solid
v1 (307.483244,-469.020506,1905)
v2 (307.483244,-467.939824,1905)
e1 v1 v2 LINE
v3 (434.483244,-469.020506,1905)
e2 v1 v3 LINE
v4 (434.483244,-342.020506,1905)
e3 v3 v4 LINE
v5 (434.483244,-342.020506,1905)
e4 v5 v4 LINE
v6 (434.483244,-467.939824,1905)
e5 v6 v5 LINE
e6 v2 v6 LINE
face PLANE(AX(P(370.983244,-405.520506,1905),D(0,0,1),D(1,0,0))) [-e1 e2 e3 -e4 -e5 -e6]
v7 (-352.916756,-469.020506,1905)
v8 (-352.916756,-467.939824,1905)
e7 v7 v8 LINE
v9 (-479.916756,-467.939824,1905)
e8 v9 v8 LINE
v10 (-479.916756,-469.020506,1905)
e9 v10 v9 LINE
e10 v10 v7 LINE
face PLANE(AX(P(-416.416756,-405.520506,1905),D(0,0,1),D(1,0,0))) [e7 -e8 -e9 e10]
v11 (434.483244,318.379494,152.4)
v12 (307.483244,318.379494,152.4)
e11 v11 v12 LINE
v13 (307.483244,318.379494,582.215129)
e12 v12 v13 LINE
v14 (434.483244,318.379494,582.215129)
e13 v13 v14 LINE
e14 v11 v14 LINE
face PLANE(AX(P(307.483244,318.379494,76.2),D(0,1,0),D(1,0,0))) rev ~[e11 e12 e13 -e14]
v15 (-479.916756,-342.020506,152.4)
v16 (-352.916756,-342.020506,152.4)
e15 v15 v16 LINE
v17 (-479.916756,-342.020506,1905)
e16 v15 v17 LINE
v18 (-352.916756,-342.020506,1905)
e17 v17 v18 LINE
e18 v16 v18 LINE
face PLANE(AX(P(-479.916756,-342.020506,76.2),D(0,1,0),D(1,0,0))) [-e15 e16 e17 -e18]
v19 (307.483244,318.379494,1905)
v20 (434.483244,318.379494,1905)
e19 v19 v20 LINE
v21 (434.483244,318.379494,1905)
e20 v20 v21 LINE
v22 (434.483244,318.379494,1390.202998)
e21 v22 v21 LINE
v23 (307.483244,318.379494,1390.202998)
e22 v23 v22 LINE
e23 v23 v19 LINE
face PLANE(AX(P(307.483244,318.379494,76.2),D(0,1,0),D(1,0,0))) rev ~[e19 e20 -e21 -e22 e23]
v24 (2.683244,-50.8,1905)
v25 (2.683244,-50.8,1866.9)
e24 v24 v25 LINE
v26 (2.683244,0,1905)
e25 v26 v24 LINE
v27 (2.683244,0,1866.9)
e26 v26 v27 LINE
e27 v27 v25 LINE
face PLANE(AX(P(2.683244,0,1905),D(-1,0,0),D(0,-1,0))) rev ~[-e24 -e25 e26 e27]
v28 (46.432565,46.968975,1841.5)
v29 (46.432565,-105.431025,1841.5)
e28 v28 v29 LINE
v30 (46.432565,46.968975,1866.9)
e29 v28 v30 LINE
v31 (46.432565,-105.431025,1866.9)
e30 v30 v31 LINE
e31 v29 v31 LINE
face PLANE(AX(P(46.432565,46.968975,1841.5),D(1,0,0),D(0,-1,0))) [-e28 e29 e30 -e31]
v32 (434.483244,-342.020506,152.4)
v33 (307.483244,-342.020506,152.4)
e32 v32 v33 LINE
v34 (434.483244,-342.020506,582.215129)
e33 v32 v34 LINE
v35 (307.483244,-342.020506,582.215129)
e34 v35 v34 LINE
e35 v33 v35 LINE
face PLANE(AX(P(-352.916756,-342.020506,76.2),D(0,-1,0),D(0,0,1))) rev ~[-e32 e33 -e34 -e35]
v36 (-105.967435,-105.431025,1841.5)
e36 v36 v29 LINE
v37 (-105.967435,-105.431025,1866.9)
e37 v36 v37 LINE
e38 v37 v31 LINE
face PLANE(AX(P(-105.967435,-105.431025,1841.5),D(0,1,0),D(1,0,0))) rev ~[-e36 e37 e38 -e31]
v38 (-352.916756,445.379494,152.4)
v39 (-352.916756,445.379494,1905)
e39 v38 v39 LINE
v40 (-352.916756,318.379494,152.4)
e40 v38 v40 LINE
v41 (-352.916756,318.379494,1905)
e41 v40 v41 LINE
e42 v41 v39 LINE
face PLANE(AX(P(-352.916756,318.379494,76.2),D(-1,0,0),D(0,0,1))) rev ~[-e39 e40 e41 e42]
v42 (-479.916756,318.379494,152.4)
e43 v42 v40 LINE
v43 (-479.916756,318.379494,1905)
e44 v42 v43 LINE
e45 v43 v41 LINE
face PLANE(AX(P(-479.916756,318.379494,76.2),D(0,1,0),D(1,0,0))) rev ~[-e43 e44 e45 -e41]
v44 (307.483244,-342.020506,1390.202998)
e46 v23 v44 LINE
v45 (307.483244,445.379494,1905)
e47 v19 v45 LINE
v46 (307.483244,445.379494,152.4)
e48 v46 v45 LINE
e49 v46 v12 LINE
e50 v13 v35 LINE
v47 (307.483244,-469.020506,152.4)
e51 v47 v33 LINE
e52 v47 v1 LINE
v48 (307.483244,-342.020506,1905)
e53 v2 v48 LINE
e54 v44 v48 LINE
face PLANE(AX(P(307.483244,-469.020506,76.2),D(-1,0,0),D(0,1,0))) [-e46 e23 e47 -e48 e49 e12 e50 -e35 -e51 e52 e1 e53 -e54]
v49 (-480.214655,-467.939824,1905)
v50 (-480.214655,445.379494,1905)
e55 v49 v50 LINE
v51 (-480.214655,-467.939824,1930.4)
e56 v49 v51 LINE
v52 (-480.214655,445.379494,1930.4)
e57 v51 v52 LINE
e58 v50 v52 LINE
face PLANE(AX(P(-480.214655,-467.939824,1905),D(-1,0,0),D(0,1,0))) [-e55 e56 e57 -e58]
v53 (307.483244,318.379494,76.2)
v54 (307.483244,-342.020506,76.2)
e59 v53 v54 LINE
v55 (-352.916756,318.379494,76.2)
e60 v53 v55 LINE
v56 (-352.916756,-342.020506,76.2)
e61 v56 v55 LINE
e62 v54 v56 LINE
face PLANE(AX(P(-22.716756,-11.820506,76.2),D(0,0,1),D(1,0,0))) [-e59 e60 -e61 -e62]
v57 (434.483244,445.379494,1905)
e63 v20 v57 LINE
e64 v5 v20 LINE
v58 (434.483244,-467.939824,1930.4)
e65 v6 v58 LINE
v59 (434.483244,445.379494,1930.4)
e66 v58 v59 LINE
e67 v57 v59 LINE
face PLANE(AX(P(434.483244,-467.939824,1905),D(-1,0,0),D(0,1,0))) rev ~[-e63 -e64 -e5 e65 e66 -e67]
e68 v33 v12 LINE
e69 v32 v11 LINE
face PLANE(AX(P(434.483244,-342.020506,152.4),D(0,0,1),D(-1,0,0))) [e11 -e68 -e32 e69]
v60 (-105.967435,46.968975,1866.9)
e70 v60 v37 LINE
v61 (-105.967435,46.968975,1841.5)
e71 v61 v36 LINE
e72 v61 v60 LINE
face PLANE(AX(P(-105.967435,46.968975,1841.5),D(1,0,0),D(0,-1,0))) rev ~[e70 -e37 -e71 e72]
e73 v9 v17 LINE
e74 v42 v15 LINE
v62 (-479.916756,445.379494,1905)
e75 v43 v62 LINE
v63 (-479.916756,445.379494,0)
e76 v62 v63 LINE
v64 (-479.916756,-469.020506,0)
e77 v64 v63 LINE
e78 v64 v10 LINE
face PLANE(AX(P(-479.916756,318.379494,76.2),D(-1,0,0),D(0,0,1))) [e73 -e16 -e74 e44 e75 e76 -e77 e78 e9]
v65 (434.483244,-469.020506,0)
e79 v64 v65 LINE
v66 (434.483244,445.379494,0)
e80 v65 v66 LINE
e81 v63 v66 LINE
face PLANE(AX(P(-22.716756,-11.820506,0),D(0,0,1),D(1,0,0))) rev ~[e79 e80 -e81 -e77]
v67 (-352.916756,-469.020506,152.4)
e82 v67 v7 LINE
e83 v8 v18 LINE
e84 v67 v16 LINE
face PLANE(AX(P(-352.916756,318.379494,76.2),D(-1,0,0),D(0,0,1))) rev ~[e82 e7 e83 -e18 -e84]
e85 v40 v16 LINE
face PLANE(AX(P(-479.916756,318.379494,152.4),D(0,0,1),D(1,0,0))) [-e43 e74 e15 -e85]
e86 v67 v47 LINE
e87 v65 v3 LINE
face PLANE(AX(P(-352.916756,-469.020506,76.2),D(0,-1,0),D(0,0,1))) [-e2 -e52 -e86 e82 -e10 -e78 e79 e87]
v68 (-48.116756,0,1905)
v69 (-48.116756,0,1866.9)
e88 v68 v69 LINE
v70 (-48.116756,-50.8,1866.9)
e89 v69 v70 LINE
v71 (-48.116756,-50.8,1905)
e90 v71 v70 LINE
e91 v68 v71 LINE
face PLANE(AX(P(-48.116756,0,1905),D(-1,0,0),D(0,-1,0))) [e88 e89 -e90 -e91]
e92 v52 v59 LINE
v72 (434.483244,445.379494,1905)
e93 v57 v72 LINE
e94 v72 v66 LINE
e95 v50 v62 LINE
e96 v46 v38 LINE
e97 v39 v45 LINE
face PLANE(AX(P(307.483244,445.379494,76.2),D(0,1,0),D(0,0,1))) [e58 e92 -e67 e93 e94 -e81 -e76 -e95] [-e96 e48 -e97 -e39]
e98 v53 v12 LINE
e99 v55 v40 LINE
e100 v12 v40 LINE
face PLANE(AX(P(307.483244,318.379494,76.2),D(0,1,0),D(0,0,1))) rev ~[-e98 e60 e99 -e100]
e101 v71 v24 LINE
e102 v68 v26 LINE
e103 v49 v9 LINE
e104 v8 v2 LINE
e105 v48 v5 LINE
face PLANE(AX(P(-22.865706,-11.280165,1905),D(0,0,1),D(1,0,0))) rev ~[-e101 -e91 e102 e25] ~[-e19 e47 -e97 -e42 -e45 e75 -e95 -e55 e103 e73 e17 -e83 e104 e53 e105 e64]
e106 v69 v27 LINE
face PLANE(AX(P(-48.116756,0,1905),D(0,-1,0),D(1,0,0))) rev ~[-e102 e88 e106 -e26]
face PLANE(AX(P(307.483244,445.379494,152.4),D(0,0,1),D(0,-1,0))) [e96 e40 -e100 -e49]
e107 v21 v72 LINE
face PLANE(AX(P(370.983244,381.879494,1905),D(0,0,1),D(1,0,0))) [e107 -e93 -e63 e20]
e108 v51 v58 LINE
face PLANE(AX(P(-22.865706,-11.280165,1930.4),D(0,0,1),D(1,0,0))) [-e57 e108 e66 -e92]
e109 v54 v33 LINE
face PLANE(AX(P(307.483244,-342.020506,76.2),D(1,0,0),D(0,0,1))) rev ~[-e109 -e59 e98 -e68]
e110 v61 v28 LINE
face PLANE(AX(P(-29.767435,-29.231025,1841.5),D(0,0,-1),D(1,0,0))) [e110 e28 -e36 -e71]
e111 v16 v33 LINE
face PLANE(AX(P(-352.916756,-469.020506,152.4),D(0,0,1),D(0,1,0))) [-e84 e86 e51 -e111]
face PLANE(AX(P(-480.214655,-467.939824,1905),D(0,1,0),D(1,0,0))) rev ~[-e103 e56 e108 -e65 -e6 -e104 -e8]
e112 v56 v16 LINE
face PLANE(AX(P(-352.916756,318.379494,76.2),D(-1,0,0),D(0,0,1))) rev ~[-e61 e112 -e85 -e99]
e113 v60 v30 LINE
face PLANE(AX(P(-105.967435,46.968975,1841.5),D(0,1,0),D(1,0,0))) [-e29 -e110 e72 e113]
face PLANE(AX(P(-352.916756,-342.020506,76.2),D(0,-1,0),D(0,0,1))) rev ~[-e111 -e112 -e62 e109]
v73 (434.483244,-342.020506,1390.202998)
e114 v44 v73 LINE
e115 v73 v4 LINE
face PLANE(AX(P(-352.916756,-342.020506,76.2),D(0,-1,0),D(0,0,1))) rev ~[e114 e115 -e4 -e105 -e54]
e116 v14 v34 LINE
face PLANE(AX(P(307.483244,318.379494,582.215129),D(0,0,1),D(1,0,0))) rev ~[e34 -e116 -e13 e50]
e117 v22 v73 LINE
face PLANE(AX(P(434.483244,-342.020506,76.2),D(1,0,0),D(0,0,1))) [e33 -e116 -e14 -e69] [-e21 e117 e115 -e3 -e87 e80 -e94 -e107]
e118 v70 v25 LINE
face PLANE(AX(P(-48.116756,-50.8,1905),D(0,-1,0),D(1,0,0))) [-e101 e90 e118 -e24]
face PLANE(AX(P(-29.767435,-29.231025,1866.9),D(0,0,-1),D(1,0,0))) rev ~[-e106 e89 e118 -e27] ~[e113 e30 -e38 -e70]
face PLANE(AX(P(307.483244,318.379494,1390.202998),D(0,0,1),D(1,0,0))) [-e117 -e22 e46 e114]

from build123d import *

# Parameters (mm, degrees)
F0_W      = 914.4
F0_H      = 914.4
F1_DEPTH  = 76.2
F2_W      = 127
F2_H      = 127
F3_DEPTH  = 1828.8
F4_W      = 914.697899
F4_H      = 913.319318
F5_DEPTH  = 25.4
F6_W      = 127
F6_H      = 76.2
F7_DEPTH  = 660.4
F8_W      = 127
F8_H      = 76.2
F9_DEPTH  = 660.4
F10_W     = 127
F10_H     = 76.2
F11_DEPTH = 660.4
F12_W     = 127
F12_H     = 76.2
F13_DEPTH = 660.4
F14_W     = 50.8
F14_H     = 50.8
F15_DEPTH = 63.5
F16_W     = 152.4
F16_H     = 152.4
F16_W_2   = 50.8
F16_H_2   = 50.8
F17_DEPTH = 25.4
F18_W     = 127
F18_H     = 807.987869
F19_DEPTH = 660.4


with BuildPart() as f1:
    # F0 (on Top) → F1 (new body)
    with BuildSketch(Plane.XY):
        with Locations((-22.716756, -11.820506)):
            Rectangle(F0_W, F0_H)
    extrude(amount=F1_DEPTH)

    # F2 (on face) → F3 (join)
    with BuildSketch(Plane.XY.offset(76.2)):
        with Locations((-416.416756, 381.879494)):
            Rectangle(F2_W, F2_H)
        with Locations((370.983244, 381.879494)):
            Rectangle(F2_W, F2_H)
        with Locations((370.983244, -405.520506)):
            Rectangle(F2_W, F2_H)
        with Locations((-416.416756, -405.520506)):
            Rectangle(F2_W, F2_H)
    extrude(amount=F3_DEPTH)

    # F4 (on face) → F5 (join)
    with BuildSketch(Plane.XY.offset(1905)):
        with Locations((-22.865706, -11.280165)):
            Rectangle(F4_W, F4_H)
    extrude(amount=F5_DEPTH)

    # F6 (on face) → F7 (join)
    with BuildSketch(Plane.XZ.offset(-318.379494)):
        with Locations((-416.416756, 114.3)):
            Rectangle(F6_W, F6_H)
    extrude(amount=F7_DEPTH)

    # F8 (on face) → F9 (join)
    with BuildSketch(Plane.YZ.offset(-352.916756)):
        with Locations((-405.520506, 114.3)):
            Rectangle(F8_W, F8_H)
    extrude(amount=F9_DEPTH)

    # F10 (on face) → F11 (join)
    with BuildSketch(Plane(origin=(0, -342.020506, 0), x_dir=(-1, 0, 0), z_dir=(0, 1, 0))):
        with Locations((-370.983244, 114.3)):
            Rectangle(F10_W, F10_H)
    extrude(amount=F11_DEPTH)

    # F12 (on face) → F13 (join)
    with BuildSketch(Plane(origin=(307.483244, 0, 0), x_dir=(0, -1, 0), z_dir=(-1, 0, 0))):
        with Locations((-381.879494, 114.3)):
            Rectangle(F12_W, F12_H)
    extrude(amount=F13_DEPTH)

    # F14 (on face) → F15 (join)
    with BuildSketch(Plane(origin=(0, 0, 1905), x_dir=(1, 0, 0), z_dir=(0, 0, -1))):
        with Locations((-22.716756, 25.4)):
            Rectangle(F14_W, F14_H)
    extrude(amount=F15_DEPTH)

    # F16 (on face) → F17 (join)
    with BuildSketch(Plane(origin=(0, 0, 1841.5), x_dir=(1, 0, 0), z_dir=(0, 0, -1))):
        with Locations((-29.767435, 29.231025)):
            Rectangle(F16_W, F16_H)
        with Locations((-22.716756, 25.4)):
            Rectangle(F16_W_2, F16_H_2, mode=Mode.SUBTRACT)
    extrude(amount=-F17_DEPTH)

    # F18 (on face) → F19 (join)
    with BuildSketch(Plane.XZ.offset(-318.379494)):
        with Locations((370.983244, 986.209064)):
            Rectangle(F18_W, F18_H)
    extrude(amount=F19_DEPTH)


solid = f1.part
